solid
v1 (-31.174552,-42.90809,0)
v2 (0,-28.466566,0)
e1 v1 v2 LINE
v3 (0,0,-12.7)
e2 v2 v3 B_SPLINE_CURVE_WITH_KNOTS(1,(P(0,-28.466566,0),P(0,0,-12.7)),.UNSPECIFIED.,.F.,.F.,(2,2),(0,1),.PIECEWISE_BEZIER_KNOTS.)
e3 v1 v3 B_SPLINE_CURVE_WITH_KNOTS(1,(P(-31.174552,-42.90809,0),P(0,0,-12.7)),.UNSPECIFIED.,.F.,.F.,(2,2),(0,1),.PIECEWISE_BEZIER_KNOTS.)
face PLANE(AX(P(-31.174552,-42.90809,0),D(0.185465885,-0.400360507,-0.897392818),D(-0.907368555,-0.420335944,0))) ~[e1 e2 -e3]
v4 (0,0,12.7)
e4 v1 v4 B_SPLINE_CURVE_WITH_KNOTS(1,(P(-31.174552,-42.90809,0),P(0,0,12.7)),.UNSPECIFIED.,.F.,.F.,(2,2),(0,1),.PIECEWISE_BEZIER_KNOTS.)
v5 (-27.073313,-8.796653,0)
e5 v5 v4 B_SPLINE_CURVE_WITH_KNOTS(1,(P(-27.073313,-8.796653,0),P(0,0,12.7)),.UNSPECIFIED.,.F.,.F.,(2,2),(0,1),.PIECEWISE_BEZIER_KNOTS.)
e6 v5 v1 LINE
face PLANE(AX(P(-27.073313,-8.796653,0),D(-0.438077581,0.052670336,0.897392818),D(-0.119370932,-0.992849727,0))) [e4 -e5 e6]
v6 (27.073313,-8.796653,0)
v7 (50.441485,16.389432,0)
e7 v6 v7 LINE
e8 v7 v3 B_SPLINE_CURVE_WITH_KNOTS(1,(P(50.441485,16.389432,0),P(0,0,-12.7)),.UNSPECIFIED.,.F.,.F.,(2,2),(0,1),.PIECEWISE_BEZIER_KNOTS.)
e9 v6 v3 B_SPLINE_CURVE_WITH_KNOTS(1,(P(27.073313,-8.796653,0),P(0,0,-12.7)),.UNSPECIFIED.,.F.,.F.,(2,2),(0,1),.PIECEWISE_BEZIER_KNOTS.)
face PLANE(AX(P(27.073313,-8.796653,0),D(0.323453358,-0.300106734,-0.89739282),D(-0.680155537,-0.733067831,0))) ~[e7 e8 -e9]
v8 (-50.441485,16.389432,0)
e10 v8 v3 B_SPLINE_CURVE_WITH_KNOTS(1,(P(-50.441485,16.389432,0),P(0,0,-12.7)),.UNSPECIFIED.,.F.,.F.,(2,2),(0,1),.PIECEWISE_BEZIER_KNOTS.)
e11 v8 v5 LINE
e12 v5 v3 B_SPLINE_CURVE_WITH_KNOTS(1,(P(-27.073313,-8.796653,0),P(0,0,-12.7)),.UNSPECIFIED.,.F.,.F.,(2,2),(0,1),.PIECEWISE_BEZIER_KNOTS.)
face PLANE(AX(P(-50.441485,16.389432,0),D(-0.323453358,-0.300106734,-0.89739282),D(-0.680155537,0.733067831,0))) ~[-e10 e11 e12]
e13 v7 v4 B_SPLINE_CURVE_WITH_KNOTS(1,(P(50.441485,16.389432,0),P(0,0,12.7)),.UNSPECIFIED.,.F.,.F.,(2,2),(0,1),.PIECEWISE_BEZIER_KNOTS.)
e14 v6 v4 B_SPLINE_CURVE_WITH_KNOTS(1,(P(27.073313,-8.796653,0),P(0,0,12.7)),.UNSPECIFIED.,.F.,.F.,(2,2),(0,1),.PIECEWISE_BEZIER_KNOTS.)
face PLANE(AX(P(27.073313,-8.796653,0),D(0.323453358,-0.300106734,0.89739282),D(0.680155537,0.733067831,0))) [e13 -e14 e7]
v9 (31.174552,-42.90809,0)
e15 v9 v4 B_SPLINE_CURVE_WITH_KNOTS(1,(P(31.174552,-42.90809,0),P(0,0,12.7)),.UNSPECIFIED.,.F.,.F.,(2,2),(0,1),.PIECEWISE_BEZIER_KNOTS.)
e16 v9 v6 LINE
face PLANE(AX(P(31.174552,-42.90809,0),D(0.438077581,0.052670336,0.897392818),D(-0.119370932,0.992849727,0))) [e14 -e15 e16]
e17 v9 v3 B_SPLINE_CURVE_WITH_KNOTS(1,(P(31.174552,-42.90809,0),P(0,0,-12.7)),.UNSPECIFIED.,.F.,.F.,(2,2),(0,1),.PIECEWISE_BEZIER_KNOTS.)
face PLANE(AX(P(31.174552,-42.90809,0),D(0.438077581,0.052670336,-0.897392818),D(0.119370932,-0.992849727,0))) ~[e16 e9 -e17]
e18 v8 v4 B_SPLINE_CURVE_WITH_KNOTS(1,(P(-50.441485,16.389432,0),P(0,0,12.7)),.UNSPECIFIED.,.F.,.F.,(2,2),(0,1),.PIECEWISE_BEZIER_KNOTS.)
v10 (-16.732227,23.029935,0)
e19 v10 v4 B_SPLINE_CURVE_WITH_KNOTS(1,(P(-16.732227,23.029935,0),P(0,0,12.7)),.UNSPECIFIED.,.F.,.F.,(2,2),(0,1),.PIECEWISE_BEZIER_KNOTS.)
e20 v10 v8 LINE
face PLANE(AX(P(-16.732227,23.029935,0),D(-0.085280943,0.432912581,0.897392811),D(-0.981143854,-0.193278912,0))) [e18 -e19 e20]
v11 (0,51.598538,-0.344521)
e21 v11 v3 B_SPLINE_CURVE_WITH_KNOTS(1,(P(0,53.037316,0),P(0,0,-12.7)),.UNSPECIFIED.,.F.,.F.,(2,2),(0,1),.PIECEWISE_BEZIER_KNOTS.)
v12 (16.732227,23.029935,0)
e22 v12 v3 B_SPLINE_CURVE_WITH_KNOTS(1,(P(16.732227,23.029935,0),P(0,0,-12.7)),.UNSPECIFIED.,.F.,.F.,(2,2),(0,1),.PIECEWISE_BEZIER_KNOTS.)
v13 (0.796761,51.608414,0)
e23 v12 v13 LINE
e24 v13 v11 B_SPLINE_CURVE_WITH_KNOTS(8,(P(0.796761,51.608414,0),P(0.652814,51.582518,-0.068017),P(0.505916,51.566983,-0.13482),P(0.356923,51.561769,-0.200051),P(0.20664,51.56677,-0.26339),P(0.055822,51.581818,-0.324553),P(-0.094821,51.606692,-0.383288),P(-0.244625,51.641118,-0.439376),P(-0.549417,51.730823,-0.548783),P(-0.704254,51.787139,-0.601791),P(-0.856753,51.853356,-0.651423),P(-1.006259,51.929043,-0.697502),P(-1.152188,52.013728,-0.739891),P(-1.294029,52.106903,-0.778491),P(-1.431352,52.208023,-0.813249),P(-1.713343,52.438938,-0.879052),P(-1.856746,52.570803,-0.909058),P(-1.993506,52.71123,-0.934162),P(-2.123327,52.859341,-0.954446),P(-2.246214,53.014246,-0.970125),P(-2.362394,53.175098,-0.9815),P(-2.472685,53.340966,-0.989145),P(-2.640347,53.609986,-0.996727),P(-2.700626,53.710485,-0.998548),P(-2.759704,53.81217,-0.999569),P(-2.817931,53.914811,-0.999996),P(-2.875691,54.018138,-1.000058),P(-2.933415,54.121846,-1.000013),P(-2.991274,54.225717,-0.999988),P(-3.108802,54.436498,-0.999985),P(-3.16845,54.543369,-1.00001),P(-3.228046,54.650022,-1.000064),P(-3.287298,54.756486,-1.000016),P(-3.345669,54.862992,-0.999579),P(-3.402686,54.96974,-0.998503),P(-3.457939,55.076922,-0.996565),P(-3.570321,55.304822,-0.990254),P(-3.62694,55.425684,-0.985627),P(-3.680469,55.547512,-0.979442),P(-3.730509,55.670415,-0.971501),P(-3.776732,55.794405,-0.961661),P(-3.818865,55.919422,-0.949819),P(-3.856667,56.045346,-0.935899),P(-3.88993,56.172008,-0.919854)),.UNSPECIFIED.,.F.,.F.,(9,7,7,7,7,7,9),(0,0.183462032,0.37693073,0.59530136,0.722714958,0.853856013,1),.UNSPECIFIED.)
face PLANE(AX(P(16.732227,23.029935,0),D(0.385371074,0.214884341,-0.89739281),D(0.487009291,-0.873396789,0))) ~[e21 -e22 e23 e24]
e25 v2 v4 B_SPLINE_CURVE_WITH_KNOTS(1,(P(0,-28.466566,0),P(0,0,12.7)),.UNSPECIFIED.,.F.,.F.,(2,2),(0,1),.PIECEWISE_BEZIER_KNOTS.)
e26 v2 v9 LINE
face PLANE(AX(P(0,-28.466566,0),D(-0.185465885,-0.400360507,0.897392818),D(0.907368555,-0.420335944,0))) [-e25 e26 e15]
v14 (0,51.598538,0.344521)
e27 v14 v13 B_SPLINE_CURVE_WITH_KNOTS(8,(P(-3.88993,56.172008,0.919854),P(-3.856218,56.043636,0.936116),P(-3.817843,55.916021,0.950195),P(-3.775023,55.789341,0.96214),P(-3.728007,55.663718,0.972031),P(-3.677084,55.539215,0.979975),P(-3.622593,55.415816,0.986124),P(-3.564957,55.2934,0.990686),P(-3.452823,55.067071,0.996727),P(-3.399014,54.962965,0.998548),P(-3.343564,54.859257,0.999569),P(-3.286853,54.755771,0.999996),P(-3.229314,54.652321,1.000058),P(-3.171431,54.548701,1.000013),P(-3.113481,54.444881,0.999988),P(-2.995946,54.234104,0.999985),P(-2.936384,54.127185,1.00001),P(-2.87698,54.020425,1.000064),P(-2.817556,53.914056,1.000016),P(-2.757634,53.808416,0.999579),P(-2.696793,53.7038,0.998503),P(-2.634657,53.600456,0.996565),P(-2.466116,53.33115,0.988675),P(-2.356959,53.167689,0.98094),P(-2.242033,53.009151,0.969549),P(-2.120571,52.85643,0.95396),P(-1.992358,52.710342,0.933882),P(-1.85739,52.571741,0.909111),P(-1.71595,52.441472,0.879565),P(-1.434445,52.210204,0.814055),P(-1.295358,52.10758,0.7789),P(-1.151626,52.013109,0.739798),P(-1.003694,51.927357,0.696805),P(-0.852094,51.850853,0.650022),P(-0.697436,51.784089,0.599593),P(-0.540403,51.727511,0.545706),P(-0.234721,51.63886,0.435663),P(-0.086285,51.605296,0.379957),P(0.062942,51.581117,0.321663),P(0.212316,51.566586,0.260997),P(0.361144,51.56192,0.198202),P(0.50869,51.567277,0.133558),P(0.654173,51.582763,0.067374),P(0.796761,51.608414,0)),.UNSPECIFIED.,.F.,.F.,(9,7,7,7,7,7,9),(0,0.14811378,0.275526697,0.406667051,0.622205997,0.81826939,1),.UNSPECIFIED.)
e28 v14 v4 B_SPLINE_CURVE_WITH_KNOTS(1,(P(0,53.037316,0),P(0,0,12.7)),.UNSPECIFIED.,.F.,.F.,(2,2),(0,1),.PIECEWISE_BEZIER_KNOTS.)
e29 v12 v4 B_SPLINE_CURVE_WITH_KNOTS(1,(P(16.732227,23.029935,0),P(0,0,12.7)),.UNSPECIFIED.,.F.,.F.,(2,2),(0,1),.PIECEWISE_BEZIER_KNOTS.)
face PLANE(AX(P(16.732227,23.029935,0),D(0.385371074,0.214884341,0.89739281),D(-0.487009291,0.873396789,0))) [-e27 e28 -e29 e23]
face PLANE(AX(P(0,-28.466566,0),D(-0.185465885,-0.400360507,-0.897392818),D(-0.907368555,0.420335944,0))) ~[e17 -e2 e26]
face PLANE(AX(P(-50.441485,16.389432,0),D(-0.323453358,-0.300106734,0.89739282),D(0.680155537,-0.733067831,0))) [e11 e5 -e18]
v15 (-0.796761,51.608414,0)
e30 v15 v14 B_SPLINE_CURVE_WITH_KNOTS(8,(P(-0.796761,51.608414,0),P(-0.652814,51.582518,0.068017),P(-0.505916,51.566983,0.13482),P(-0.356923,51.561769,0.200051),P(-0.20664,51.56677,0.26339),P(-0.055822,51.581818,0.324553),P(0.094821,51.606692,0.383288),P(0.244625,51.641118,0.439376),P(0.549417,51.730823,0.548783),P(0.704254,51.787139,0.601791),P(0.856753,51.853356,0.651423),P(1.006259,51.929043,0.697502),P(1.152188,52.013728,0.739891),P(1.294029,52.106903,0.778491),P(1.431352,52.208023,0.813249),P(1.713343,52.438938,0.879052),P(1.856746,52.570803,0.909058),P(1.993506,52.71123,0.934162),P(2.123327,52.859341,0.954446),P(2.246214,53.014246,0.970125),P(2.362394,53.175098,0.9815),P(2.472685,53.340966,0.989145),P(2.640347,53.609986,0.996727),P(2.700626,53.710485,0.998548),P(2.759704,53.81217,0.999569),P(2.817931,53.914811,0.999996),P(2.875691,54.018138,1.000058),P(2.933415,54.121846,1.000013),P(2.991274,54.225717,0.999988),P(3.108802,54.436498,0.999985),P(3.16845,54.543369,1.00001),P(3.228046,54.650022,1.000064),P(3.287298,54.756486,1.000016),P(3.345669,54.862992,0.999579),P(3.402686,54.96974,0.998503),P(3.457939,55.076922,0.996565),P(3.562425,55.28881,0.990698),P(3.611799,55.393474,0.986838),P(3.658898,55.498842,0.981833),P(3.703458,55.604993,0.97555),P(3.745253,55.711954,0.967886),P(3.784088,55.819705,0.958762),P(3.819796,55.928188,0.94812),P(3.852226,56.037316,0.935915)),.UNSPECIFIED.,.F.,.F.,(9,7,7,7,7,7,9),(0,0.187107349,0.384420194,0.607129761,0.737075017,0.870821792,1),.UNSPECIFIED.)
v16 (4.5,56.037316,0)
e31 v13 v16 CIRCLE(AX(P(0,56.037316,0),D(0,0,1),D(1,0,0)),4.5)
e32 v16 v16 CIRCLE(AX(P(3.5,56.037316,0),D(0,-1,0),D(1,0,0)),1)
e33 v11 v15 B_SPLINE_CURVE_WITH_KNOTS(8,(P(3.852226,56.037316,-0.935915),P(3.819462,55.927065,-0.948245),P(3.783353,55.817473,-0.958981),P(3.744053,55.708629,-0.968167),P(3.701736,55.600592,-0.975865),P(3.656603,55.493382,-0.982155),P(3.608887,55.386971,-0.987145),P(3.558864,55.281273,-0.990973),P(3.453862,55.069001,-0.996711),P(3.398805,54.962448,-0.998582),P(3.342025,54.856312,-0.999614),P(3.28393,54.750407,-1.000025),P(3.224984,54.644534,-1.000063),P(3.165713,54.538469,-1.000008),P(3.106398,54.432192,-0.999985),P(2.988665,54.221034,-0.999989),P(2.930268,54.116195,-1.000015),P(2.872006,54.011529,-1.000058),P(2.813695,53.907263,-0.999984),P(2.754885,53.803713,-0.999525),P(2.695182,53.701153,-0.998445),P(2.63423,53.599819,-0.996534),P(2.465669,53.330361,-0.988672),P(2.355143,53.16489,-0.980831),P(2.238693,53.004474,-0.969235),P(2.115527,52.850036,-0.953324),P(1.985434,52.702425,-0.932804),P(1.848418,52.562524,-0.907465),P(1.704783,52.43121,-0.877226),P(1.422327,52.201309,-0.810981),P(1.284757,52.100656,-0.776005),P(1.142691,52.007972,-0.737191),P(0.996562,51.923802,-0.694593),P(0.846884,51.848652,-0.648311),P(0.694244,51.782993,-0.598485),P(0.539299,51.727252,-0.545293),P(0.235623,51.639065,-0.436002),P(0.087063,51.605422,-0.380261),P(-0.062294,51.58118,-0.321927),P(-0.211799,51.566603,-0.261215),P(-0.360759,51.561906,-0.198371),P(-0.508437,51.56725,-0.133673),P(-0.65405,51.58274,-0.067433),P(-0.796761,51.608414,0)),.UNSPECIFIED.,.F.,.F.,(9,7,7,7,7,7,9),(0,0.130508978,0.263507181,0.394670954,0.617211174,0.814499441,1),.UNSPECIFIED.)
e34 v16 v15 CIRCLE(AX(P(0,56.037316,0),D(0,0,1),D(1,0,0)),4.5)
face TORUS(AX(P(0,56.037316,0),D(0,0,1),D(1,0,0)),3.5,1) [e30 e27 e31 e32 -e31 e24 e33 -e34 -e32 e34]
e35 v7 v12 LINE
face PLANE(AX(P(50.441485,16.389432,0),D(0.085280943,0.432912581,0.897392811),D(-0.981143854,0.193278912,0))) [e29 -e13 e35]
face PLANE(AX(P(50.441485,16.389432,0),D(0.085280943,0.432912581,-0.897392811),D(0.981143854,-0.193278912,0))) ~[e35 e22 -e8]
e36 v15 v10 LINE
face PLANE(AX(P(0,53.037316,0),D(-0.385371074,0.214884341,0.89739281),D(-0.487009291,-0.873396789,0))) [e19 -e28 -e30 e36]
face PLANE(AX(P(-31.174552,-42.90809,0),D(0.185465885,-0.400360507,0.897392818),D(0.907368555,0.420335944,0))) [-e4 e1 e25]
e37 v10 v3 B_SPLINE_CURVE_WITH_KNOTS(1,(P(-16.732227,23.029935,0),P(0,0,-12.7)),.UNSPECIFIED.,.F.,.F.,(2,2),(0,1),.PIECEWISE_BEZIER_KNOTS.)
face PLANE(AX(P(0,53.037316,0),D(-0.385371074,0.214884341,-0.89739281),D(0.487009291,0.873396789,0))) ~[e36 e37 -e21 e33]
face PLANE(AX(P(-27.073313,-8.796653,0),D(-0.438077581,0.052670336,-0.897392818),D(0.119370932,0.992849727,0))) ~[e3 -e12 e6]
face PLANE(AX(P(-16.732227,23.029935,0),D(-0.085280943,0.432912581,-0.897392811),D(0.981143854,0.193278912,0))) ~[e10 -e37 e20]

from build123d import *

# Parameters (mm, degrees)
F6_R = 1


with BuildPart() as f3:
    # F0 (on Top) → F3 section 0
    with BuildSketch(Plane.XY, mode=Mode.PRIVATE) as f3_s0:
        Polygon((16.732227, 23.029935), (0, 53.037316), (-16.732227, 23.029935), (-50.441485, 16.389432), (-27.073313, -8.796653), (-31.174552, -42.90809), (0, -28.466566), (31.174552, -42.90809), (27.073313, -8.796653), (50.441485, 16.389432), align=None)
    loft([f3_s0.sketch, Vertex(0, 0, 12.7)])

    # F4: F3 across plane


with BuildPart() as f3_1:
    add(f3.part)
    add(f3.part.mirror(Plane.XY))

    # F7: sweep along a path in F5
    with BuildLine(Plane.XY) as f7_path:
        CenterArc((0, 56.037316), 3.75, 0, 360)
    # F6 (on Right) → F7 (sweep)
    with BuildSketch(Plane.YZ):
        with Locations((59.537316, 0)):
            Circle(F6_R)
    sweep(path=f7_path.line)


solid = f3_1.part
